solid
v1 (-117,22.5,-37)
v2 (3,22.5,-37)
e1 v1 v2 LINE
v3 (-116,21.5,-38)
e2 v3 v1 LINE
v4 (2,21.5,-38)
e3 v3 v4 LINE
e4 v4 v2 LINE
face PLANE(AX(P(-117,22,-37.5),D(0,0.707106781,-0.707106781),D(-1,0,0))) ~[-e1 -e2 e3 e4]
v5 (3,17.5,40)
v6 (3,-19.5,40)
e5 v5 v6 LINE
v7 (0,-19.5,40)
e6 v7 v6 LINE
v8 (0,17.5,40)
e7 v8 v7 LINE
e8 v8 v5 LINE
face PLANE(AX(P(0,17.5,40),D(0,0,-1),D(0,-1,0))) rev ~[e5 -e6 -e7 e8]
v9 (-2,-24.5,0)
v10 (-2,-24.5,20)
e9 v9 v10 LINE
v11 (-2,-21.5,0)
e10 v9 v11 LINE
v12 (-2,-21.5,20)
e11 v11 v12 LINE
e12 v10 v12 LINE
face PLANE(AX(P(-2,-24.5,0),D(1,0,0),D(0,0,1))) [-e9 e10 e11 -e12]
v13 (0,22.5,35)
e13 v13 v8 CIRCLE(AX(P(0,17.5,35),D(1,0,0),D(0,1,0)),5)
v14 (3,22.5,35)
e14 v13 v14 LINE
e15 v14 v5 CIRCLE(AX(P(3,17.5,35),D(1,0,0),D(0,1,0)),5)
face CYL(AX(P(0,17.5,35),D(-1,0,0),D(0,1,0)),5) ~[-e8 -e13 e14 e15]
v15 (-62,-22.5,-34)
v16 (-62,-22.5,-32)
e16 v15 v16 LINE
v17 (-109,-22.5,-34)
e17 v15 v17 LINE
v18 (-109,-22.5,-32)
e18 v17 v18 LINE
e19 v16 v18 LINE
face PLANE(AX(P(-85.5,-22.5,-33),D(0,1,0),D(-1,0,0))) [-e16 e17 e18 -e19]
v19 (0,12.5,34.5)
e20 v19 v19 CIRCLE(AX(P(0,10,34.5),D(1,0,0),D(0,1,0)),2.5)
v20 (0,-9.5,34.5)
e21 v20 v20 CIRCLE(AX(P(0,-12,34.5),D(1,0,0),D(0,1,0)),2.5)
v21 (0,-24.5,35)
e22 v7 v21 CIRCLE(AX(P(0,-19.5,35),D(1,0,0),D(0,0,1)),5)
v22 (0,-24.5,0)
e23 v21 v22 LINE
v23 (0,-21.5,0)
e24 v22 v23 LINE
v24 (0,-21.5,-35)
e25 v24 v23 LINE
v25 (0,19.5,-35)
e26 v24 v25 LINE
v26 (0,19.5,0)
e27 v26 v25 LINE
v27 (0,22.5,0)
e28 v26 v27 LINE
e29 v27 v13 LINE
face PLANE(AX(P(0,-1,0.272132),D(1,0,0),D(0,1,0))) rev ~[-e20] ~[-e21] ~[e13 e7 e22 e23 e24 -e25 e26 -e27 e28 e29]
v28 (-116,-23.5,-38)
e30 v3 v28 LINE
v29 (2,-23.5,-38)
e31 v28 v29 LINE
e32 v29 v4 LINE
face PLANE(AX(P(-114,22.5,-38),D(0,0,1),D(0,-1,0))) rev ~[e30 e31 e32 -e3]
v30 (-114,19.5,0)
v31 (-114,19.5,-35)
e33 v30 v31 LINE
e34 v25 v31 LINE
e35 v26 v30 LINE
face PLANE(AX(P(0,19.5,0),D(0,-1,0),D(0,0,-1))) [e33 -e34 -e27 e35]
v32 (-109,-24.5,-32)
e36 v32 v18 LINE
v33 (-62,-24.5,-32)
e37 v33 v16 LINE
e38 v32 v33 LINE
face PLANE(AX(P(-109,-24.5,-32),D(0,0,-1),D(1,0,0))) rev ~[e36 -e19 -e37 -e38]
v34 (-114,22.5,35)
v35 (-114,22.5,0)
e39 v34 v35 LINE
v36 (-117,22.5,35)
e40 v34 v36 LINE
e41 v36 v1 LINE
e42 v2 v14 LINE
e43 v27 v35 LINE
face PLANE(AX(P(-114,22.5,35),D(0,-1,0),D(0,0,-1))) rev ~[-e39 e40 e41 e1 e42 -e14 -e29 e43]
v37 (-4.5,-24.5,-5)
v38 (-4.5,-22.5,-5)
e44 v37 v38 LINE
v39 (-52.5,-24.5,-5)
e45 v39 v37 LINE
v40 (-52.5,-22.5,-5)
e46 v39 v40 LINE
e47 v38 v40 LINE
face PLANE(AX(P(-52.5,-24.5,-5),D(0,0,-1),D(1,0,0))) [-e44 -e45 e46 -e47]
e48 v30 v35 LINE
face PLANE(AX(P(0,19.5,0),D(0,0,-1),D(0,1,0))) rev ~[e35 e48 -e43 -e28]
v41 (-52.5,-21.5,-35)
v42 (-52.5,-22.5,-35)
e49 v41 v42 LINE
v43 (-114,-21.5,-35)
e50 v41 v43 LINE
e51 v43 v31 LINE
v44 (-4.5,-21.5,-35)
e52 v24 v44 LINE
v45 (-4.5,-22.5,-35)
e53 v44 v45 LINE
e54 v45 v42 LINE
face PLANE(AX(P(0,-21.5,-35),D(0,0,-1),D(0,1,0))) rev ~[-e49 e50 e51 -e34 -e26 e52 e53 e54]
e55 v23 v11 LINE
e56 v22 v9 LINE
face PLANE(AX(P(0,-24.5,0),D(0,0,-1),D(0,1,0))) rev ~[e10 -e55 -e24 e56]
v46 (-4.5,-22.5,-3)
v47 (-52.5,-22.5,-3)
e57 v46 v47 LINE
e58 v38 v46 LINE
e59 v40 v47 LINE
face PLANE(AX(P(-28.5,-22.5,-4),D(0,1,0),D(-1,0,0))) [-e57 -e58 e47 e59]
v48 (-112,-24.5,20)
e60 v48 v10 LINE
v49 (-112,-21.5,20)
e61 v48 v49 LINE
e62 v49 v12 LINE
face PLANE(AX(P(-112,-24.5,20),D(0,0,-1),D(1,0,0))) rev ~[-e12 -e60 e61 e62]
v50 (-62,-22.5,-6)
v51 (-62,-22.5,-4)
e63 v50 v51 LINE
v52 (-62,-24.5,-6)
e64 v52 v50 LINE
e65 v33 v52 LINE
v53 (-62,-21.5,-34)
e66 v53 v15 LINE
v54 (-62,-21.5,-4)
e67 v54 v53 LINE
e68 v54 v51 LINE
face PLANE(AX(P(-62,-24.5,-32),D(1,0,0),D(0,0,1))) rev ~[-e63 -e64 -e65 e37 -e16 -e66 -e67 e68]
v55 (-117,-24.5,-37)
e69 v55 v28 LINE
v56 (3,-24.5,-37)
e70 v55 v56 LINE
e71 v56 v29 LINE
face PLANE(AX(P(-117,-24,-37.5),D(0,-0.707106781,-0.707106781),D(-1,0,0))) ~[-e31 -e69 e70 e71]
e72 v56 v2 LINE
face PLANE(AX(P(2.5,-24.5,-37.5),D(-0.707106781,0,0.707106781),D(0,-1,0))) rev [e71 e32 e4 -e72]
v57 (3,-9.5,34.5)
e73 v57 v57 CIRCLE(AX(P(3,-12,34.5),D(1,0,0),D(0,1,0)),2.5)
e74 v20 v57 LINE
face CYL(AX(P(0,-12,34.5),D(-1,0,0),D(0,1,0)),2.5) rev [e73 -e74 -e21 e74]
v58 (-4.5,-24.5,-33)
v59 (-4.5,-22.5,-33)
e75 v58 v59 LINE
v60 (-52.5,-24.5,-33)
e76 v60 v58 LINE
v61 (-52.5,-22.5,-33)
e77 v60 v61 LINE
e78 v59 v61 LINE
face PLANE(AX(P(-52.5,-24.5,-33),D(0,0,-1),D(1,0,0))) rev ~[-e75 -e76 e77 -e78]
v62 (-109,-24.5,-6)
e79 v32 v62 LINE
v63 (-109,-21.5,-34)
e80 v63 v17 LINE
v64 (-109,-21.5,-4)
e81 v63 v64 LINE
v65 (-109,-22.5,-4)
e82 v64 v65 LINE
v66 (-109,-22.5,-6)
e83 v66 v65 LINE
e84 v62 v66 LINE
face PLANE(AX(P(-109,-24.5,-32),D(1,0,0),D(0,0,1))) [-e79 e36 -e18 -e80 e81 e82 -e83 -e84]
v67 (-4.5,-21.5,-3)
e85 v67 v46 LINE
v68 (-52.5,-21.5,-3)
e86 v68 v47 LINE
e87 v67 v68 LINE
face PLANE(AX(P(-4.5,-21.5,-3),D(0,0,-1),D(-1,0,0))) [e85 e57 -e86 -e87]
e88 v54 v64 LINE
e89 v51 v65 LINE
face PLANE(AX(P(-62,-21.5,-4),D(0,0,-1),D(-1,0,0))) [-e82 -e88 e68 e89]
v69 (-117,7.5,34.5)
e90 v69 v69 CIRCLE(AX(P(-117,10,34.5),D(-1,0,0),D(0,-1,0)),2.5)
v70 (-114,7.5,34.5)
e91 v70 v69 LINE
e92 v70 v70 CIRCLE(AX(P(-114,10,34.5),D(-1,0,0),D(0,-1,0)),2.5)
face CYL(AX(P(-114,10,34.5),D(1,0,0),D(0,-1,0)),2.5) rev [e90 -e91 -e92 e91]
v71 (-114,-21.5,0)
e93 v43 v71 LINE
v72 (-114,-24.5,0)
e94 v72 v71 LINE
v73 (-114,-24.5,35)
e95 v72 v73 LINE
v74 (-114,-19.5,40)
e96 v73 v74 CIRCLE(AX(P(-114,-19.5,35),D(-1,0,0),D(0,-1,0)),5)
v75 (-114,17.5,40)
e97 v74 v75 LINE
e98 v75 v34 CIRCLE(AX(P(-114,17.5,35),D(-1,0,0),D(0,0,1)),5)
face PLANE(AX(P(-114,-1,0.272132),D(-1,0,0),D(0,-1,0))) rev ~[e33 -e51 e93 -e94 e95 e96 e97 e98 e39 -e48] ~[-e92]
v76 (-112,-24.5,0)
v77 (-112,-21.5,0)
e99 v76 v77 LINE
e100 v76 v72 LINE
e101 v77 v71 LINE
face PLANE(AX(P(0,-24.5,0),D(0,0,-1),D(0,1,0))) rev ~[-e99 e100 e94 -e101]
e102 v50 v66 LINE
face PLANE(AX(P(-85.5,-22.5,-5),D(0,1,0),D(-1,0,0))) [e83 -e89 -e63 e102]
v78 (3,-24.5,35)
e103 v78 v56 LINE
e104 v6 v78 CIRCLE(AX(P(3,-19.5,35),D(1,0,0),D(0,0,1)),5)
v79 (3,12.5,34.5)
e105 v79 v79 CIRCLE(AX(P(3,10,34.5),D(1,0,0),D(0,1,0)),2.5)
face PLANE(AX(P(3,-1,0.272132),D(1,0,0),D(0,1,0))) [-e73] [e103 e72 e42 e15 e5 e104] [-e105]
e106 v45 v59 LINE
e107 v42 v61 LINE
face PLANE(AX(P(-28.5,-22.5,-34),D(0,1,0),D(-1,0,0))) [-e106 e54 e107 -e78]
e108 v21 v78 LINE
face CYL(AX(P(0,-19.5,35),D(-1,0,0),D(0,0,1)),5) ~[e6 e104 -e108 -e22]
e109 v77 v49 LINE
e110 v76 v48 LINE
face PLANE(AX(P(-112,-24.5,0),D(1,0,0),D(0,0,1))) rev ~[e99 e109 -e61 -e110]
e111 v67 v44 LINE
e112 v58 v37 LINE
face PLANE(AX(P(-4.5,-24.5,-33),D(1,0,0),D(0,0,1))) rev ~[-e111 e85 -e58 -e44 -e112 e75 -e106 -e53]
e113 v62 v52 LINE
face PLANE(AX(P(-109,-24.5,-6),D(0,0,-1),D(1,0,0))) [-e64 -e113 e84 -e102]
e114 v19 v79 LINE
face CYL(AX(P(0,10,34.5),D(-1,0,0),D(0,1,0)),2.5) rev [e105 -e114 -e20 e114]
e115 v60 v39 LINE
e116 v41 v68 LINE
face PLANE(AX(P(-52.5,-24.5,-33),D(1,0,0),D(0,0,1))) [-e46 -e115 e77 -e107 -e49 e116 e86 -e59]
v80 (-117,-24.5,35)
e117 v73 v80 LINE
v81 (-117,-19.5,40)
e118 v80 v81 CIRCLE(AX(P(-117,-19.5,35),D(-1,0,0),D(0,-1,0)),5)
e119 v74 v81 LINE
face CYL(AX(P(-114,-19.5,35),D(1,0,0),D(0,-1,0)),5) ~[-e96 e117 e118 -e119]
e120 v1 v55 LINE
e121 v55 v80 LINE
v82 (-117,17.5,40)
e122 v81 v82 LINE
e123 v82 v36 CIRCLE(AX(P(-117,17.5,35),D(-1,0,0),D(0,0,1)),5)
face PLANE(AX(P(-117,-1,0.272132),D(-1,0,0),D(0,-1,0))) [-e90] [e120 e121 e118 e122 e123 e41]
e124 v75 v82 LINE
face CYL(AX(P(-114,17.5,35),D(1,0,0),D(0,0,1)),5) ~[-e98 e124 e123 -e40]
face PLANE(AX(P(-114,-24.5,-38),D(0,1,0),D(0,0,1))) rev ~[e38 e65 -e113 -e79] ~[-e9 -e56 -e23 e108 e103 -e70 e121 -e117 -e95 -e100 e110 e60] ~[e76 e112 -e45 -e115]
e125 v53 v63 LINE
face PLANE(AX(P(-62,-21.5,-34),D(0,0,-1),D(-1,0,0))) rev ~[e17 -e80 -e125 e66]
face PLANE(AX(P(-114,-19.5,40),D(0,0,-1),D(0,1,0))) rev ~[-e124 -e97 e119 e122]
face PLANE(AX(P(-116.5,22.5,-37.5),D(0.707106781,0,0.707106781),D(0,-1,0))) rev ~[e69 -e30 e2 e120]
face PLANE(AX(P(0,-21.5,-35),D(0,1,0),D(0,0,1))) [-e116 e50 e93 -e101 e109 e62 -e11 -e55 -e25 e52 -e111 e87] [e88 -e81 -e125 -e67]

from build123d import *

# Parameters (mm, degrees)
F2_R      = 2.5
F3_DEPTH  = 3
F4_W      = 3
F4_H      = 35
F4_H_2    = 3
F4_W_2    = 41
F5_DEPTH  = 114
F6_R      = 2.5
F7_DEPTH  = 3
F8_W      = 110
F8_H      = 20
F9_DEPTH  = 3
F10_W     = 47
F10_H     = 26
F10_W_2   = 48
F10_H_2   = 28
F11_DEPTH = 3
F12_SIZE  = 1
F14_W     = 48
F14_H     = 2
F14_W_2   = 47
F15_DEPTH = 1


with BuildPart() as f3:
    # F2 (on Right) → F3 (new body)
    with BuildSketch(Plane.YZ):
        with BuildLine():
            ThreePointArc((22.5, 35), (21.0355339059, 38.5355339059), (17.5, 40))
            Line((17.5, 40), (-19.5, 40))
            ThreePointArc((-19.5, 40), (-23.0355339059, 38.5355339059), (-24.5, 35))
            Line((-24.5, 35), (-24.5, -38))
            Line((-24.5, -38), (22.5, -38))
            Line((22.5, -38), (22.5, 35))
        make_face()
        with Locations((-12, 34.5)):
            Circle(F2_R, mode=Mode.SUBTRACT)
        with Locations((10, 34.5)):
            Circle(F2_R, mode=Mode.SUBTRACT)
    extrude(amount=F3_DEPTH)

    # F4 (on Right) → F5 (join)
    with BuildSketch(Plane.YZ):
        with Locations((-23, -17.5)):
            Rectangle(F4_W, F4_H)
        with Locations((21, -36.5)):
            Rectangle(F4_W, F4_H_2)
        with Locations((21, -17.5)):
            Rectangle(F4_W, F4_H)
        with Locations((-1, -36.5)):
            Rectangle(F4_W_2, F4_H_2)
        with Locations((-23, -36.5)):
            Rectangle(F4_W, F4_H_2)
    extrude(amount=-F5_DEPTH)

    # F6 (on face) → F7 (join)
    with BuildSketch(Plane(origin=(-114, 0, 0), x_dir=(0, -1, 0), z_dir=(-1, 0, 0))):
        with BuildLine():
            ThreePointArc((24.5, 35), (23.0355339059, 38.5355339059), (19.5, 40))
            Line((19.5, 40), (-17.5, 40))
            ThreePointArc((-17.5, 40), (-21.0355339059, 38.5355339059), (-22.5, 35))
            Line((-22.5, 35), (-22.5, -38))
            Line((-22.5, -38), (24.5, -38))
            Line((24.5, -38), (24.5, 35))
        make_face()
        with Locations((-10, 34.5)):
            Circle(F6_R, mode=Mode.SUBTRACT)
    extrude(amount=F7_DEPTH)

    # F8 (on face) → F9 (join)
    with BuildSketch(Plane.XZ.offset(24.5)):
        with Locations((-57, 10)):
            Rectangle(F8_W, F8_H)
    extrude(amount=-F9_DEPTH)

    # F10 (on face) → F11 (cut, through all)
    with BuildSketch(Plane.XZ.offset(24.5)):
        with Locations((-85.5, -19)):
            Rectangle(F10_W, F10_H)
        with Locations((-28.5, -19)):
            Rectangle(F10_W_2, F10_H_2)
    extrude(amount=-F11_DEPTH, mode=Mode.SUBTRACT)

    # F12
    f12_edges = [f3.edges().sort_by_distance(p)[0] for p in [
        (-57, -24.5, -38),
        (3, -1, -38),
        (-57, 22.5, -38),
        (-117, -1, -38),
    ]]
    chamfer(f12_edges, length=F12_SIZE)

    # F14 (on face) → F15 (cut)
    with BuildSketch(Plane(origin=(0, -21.5, 0), x_dir=(-1, 0, 0), z_dir=(0, 1, 0))):
        with Locations((28.5, -34)):
            Rectangle(F14_W, F14_H)
        with Locations((85.5, -33)):
            Rectangle(F14_W_2, F14_H)
        with Locations((85.5, -5)):
            Rectangle(F14_W_2, F14_H)
        with Locations((28.5, -4)):
            Rectangle(F14_W, F14_H)
    extrude(amount=-F15_DEPTH, mode=Mode.SUBTRACT)


solid = f3.part
